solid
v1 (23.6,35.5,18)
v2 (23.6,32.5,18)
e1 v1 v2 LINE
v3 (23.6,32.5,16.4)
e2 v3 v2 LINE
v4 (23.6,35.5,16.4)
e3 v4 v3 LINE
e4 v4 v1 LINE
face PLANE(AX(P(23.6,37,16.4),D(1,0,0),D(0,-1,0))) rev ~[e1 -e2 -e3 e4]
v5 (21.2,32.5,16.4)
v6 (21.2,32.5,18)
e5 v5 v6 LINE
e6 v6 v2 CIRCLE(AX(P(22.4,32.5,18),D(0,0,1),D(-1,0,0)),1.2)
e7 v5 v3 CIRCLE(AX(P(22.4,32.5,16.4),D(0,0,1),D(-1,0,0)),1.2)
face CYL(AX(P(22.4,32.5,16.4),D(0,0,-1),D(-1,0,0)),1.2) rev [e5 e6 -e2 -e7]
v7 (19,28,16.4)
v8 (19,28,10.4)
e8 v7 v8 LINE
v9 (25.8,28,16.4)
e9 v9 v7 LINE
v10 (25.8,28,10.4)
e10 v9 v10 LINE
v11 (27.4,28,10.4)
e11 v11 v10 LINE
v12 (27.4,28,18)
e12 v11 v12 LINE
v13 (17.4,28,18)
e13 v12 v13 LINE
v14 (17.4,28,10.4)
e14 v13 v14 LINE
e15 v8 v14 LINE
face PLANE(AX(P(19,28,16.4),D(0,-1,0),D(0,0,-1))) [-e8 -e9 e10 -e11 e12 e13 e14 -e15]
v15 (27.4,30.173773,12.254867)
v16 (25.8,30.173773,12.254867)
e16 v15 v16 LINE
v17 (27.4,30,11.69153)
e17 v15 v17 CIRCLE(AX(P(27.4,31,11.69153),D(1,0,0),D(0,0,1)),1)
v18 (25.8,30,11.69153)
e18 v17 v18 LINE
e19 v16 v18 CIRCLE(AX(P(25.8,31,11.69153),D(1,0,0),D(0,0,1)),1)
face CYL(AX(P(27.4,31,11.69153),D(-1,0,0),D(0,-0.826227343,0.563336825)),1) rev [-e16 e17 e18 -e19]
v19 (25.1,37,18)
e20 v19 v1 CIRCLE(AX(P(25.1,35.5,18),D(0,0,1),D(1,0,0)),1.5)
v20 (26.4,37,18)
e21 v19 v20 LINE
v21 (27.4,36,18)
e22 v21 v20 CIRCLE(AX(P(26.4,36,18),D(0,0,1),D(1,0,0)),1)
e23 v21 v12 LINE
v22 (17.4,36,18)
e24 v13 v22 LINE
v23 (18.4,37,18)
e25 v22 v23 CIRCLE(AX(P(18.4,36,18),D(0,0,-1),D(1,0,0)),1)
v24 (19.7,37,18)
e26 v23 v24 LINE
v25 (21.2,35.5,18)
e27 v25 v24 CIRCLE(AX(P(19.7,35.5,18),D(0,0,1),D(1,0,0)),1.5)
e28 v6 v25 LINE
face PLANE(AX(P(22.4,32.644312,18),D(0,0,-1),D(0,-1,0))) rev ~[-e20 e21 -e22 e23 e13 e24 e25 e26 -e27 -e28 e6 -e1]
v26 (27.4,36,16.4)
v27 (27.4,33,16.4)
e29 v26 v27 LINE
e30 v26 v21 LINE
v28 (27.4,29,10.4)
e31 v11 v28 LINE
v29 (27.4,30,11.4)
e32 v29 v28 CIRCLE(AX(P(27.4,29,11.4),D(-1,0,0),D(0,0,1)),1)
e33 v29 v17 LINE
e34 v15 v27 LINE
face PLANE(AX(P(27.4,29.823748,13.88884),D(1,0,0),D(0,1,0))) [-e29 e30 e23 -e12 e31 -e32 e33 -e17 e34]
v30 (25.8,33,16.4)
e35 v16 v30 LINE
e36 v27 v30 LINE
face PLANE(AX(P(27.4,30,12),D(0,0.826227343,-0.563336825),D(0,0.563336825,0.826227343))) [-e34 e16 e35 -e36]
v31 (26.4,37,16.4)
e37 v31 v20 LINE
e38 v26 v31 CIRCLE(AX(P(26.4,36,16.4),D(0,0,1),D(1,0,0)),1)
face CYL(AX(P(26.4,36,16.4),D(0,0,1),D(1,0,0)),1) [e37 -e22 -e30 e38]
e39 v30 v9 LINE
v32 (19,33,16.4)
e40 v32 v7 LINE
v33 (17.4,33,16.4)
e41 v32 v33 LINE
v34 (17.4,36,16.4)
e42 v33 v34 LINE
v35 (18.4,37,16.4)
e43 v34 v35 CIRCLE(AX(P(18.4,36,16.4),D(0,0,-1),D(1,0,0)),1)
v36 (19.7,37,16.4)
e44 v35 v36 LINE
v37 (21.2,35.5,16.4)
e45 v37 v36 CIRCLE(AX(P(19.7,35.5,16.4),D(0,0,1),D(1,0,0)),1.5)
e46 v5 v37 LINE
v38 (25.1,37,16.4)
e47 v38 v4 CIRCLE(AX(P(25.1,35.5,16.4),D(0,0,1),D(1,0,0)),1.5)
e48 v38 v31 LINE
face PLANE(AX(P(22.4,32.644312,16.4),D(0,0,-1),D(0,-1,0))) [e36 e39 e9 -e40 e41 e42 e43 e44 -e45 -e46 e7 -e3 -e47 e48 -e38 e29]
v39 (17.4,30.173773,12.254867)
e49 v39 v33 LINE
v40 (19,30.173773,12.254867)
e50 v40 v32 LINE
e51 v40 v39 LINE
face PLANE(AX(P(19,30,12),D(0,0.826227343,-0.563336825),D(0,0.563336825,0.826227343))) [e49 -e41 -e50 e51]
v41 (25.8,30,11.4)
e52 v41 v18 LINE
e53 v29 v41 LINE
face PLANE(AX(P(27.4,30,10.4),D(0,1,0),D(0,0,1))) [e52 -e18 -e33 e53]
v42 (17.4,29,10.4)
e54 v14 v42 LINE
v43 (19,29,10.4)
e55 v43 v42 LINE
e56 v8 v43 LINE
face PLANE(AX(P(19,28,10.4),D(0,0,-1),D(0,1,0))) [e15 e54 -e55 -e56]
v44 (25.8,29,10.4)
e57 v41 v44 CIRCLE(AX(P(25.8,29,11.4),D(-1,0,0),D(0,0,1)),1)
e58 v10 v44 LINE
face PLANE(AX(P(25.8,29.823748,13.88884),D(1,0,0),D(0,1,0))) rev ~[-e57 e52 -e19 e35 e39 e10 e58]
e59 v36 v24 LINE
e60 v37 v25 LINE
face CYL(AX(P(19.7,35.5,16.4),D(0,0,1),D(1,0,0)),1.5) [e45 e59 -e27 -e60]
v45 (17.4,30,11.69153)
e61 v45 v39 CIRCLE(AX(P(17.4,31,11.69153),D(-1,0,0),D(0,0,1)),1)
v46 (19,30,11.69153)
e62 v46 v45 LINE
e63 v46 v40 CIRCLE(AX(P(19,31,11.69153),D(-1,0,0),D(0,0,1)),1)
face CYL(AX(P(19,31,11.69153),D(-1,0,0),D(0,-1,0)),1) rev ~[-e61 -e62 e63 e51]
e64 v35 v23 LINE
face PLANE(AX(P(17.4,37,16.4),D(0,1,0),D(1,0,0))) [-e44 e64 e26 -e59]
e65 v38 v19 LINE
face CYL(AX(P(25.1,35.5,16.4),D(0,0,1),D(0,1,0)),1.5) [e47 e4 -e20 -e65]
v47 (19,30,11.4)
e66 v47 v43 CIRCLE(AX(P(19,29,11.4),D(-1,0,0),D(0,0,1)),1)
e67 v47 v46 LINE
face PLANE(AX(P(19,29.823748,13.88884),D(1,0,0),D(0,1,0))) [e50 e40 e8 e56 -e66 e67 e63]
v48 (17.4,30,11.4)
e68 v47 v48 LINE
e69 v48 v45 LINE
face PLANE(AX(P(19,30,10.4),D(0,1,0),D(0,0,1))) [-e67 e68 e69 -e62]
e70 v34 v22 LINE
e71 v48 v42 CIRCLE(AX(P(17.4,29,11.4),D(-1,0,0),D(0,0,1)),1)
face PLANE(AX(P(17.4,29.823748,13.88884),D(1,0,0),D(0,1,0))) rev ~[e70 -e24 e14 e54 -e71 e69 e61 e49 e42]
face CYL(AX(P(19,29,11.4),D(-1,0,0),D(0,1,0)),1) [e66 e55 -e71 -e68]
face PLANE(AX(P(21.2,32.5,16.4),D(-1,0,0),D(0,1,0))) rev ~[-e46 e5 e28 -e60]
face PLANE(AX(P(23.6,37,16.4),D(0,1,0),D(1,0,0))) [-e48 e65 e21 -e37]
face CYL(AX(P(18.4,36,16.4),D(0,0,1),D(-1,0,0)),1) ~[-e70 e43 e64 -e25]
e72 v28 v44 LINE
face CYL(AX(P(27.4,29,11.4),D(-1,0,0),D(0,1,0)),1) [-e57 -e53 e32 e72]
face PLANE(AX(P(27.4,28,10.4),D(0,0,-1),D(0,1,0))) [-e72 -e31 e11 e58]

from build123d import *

# Parameters (mm, degrees)
PAD078_DEPTH            = 1.6
PAD079_DEPTH            = 1.6
LINEARPATTERN001_COUNT  = 2
LINEARPATTERN001_PITCH  = 8.4
FILLET004_R             = 1
FILLET005_R             = 1
FILLET006_R             = 1
FILLET007_R             = 1.5
BODY025_PLACEMENT_ANGLE = 90


with BuildPart() as part:
    # Sketch108 → Pad078 (new body)
    with BuildSketch(Plane.XY):
        with BuildLine():
            Line((-4.5, 5), (4.5, 5))
            Line((4.5, 5), (4.5, 1.2))
            Line((0, 1.2), (4.5, 1.2))
            ThreePointArc((0, 1.2), (-1.2, 0), (0, -1.2))
            Line((4.5, -1.2), (0, -1.2))
            Line((4.5, -1.2), (4.5, -5))
            Line((4.5, -5), (-4.5, -5))
            Line((-4.5, -5), (-4.5, 5))
        make_face()
    extrude(amount=PAD078_DEPTH)

    # Sketch109 (on DatumPlane) → Pad079 (join)
    with BuildSketch(Plane.XZ.offset(5)):
        Polygon((-4.5, 0), (-4.5, -6), (-2.5, -6), (-2.5, -4.4), (0.5, 0), align=None)
    pad079 = extrude(amount=-PAD079_DEPTH)

    # LinearPattern001: Pad079 ×2
    with Locations(*[(0, i * LINEARPATTERN001_PITCH, 0) for i in range(1, LINEARPATTERN001_COUNT)]):
        add(pad079)

    # Fillet004
    fillet004_edges = [part.edges().sort_by_distance(p)[0] for p in [
        (-2.5, -4.2, -6),
        (-2.5, 4.2, -6),
    ]]
    fillet(fillet004_edges, radius=FILLET004_R)

    # Fillet005
    fillet005_edges = [part.edges().sort_by_distance(p)[0] for p in [
        (-2.5, -4.2, -4.4),
        (-2.5, 4.2, -4.4),
    ]]
    fillet(fillet005_edges, radius=FILLET005_R)

    # Fillet006
    fillet006_edges = [part.edges().sort_by_distance(p)[0] for p in [
        (4.5, -5, 0.8),
        (4.5, 5, 0.8),
    ]]
    fillet(fillet006_edges, radius=FILLET006_R)

    # Fillet007
    fillet007_edges = [part.edges().sort_by_distance(p)[0] for p in [
        (4.5, -1.2, 0.8),
        (4.5, 1.2, 0.8),
    ]]
    fillet(fillet007_edges, radius=FILLET007_R)


with BuildPart() as part_1:
    # Body025 placement: moved
    add(part.part.moved(Location((22.4, 32.5, 16.4))).rotate(Axis((22.4, 32.5, 16.4), (0, 0, 1)), BODY025_PLACEMENT_ANGLE))


solid = part_1.part
